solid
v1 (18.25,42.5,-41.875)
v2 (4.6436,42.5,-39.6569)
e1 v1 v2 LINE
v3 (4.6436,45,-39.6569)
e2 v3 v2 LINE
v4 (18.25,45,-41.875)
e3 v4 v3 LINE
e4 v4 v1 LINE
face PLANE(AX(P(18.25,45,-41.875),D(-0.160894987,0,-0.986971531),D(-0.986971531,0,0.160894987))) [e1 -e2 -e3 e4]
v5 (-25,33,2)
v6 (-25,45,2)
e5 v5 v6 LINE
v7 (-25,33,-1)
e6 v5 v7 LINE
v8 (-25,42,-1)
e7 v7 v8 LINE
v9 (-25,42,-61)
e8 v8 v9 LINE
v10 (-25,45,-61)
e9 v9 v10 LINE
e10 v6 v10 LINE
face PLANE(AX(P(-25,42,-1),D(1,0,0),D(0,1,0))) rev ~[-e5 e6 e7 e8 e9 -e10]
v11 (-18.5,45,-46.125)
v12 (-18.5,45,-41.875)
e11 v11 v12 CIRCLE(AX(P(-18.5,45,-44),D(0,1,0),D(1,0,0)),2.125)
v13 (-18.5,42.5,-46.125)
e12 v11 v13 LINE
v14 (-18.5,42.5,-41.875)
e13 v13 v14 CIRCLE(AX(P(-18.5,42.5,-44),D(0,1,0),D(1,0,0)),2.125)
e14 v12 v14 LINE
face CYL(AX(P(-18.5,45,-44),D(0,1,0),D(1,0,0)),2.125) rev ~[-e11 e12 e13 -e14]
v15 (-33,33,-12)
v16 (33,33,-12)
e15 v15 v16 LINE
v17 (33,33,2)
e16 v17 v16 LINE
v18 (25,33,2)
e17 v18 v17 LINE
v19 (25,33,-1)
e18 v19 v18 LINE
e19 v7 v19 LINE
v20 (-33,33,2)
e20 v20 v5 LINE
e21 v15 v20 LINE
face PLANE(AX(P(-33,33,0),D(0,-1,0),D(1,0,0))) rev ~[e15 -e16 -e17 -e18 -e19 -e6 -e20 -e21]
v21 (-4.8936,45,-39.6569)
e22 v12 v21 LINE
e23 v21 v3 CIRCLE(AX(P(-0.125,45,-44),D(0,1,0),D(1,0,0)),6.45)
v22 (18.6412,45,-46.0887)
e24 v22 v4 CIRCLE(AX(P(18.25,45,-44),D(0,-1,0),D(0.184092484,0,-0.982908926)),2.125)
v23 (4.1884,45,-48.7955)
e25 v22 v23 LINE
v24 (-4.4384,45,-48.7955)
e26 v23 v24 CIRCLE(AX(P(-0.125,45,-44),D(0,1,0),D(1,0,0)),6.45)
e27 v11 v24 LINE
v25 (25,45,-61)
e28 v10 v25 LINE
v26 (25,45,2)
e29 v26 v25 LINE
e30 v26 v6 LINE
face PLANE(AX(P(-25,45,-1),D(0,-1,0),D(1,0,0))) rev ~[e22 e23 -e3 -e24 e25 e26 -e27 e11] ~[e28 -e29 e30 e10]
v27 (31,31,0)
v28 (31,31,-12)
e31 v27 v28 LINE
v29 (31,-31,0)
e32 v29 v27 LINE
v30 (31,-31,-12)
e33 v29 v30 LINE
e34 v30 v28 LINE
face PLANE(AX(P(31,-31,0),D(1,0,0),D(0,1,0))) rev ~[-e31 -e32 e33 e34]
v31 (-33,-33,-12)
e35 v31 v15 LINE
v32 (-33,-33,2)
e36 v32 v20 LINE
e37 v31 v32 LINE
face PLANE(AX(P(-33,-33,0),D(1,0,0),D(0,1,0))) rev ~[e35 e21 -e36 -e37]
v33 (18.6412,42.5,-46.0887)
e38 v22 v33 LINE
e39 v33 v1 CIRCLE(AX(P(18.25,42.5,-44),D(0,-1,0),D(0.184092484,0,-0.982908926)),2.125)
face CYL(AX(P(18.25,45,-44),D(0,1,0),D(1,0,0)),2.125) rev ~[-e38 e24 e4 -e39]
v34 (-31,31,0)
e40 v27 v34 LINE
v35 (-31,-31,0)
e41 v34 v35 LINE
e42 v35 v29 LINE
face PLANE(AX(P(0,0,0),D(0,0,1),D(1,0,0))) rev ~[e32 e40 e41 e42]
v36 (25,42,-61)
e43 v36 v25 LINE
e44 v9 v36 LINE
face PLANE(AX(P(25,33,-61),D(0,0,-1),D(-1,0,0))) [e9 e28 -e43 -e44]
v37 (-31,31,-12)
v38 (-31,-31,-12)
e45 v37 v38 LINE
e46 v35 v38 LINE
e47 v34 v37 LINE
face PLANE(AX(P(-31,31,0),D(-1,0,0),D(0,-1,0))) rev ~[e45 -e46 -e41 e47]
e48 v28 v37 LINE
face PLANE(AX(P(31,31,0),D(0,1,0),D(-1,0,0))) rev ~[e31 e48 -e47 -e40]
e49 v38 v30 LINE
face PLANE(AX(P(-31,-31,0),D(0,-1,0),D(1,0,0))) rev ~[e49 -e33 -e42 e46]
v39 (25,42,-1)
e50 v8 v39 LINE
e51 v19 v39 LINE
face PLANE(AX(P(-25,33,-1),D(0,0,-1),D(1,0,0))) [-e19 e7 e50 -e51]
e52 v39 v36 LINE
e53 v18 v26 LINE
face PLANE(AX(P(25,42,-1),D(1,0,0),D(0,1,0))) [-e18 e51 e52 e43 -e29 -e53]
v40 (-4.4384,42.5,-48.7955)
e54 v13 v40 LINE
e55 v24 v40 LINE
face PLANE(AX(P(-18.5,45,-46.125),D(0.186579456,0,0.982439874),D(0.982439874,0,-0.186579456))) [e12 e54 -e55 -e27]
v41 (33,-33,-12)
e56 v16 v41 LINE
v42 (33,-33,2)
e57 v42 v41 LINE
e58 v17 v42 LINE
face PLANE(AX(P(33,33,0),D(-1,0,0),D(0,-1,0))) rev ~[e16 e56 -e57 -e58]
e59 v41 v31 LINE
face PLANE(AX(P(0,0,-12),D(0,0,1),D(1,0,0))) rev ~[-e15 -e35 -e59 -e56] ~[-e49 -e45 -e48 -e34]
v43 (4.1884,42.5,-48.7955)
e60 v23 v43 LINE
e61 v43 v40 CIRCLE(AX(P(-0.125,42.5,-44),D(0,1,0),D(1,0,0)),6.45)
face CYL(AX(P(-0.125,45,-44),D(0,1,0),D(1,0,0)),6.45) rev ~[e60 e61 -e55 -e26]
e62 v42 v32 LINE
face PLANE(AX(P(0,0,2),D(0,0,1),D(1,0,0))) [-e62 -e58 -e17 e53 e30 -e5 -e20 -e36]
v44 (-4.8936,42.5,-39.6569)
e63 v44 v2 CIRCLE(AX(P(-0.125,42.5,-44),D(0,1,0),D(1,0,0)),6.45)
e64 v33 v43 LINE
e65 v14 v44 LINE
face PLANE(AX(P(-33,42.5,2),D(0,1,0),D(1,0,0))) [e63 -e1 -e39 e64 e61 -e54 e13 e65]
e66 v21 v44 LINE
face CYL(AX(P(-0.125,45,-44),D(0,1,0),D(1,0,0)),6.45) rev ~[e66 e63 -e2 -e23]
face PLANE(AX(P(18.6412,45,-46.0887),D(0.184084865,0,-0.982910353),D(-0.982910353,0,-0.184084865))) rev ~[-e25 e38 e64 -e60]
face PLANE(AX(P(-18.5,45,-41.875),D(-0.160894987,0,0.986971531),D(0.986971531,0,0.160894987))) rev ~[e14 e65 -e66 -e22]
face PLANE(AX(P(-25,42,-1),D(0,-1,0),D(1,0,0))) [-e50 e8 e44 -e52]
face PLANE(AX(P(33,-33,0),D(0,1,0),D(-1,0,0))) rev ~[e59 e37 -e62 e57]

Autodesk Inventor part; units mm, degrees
ref_plane "YZ Plane" through (0, 0, 0) normal (1, 0, 0) x (0, 1, 0)
ref_plane "XZ Plane" through (0, 0, 0) normal (0, 1, 0) x (-1, 0, 0)
ref_plane "XY Plane" through (0, 0, 0) normal (0, 0, 1) x (1, 0, 0)
sketch "Sketch1" plane through (0, 0, 0) normal (0, 0, 1) x (1, 0, 0)
  line L0 (-31, -31) -> (31, -31)
  line L1 (31, -31) -> (31, 31)
  line L2 (31, 31) -> (-31, 31)
  line L3 (-31, 31) -> (-31, -31)
  line L4 (-31, -31) -> (31, 31) construction
  line L5 (31, -31) -> (-31, 31) construction
  line L6 (-33, 33) -> (33, 33)
  line L7 (33, 33) -> (33, -33)
  line L8 (33, -33) -> (-33, -33)
  line L9 (-33, -33) -> (-33, 33)
  point P0 (0, 0)
  dimension "d0" = 62
  dimension "d1" = 62
  dimension "d2" = 2
extrude "Extrusion1" add sketch "Sketch1" along normal blind 2 contours L3 L2 L1 L0 | L6 L7 L8 L9
extrude "Extrusion2" add sketch "Sketch1" against normal blind 12
sketch "Sketch2" plane through (-33, 33, 2) normal (0, 1, 0) x (1, 0, 0)
  line L0 (8, 3) -> (58, 3)
  line L1 (58, 3) -> (58, 0)
  line L2 (58, 0) -> (8, 0)
  line L3 (8, 0) -> (8, 3)
  line L4 (0, 14) -> (0, 0) projected
  line L5 (0, 14) -> (66, 14) projected
  point P0 (33, 2)
  dimension "d7" = 50
  dimension "d8" = 3
  dimension "d9" = 8
  dimension "d10" = 11
extrude "Extrusion3" add sketch "Sketch2" along normal blind 12
sketch "Sketch3" plane through (25, 33, -1) normal (0, 0, -1) x (-1, 0, 0)
  line L0 (50, 12) -> (0, 12) projected
  line L1 (50, 0) -> (50, 12) projected
  line L2 (0, 12) -> (50, 12)
  line L3 (50, 12) -> (50, 9)
  line L4 (50, 9) -> (0, 9)
  line L5 (0, 9) -> (0, 12)
  point P0 (25, -33)
  dimension "d13" = 3
extrude "Extrusion4" add sketch "Sketch3" along normal blind 60
sketch "Sketch7" plane through (-33, 45, 2) normal (0, 1, 0) x (1, 0, 0)
  circle A0 centre (32.875, 46) radius 6.45
  circle A1 centre (14.5, 46) radius 2.125
  circle A2 centre (51.25, 46) radius 2.125
  line L0 (14.5, 46) -> (32.875, 46)
  line L1 (32.875, 46) -> (51.25, 46)
  line L2 (51.6412, 48.0887) -> (37.1884, 50.7955)
  line L3 (51.25, 43.875) -> (37.6436, 41.6569)
  line L4 (14.5, 43.875) -> (28.1064, 41.6569)
  line L5 (14.5, 48.125) -> (28.5616, 50.7955)
  line L6 (58, 0) -> (58, 63) projected
  line L7 (8, 63) -> (58, 63) projected
  point P0 (33, 2)
  dimension "d34" = 12.9
  dimension "d35" = 4.25
  dimension "d36" = 4.25
  dimension "d37" = 41
  dimension "d38" = 9.15
  dimension "d39" = 6.75
  dimension "d40" = 17
extrude "Extrusion8" cut sketch "Sketch7" against normal blind 2.5
properties part number "pan_base_holder_third_v2"
